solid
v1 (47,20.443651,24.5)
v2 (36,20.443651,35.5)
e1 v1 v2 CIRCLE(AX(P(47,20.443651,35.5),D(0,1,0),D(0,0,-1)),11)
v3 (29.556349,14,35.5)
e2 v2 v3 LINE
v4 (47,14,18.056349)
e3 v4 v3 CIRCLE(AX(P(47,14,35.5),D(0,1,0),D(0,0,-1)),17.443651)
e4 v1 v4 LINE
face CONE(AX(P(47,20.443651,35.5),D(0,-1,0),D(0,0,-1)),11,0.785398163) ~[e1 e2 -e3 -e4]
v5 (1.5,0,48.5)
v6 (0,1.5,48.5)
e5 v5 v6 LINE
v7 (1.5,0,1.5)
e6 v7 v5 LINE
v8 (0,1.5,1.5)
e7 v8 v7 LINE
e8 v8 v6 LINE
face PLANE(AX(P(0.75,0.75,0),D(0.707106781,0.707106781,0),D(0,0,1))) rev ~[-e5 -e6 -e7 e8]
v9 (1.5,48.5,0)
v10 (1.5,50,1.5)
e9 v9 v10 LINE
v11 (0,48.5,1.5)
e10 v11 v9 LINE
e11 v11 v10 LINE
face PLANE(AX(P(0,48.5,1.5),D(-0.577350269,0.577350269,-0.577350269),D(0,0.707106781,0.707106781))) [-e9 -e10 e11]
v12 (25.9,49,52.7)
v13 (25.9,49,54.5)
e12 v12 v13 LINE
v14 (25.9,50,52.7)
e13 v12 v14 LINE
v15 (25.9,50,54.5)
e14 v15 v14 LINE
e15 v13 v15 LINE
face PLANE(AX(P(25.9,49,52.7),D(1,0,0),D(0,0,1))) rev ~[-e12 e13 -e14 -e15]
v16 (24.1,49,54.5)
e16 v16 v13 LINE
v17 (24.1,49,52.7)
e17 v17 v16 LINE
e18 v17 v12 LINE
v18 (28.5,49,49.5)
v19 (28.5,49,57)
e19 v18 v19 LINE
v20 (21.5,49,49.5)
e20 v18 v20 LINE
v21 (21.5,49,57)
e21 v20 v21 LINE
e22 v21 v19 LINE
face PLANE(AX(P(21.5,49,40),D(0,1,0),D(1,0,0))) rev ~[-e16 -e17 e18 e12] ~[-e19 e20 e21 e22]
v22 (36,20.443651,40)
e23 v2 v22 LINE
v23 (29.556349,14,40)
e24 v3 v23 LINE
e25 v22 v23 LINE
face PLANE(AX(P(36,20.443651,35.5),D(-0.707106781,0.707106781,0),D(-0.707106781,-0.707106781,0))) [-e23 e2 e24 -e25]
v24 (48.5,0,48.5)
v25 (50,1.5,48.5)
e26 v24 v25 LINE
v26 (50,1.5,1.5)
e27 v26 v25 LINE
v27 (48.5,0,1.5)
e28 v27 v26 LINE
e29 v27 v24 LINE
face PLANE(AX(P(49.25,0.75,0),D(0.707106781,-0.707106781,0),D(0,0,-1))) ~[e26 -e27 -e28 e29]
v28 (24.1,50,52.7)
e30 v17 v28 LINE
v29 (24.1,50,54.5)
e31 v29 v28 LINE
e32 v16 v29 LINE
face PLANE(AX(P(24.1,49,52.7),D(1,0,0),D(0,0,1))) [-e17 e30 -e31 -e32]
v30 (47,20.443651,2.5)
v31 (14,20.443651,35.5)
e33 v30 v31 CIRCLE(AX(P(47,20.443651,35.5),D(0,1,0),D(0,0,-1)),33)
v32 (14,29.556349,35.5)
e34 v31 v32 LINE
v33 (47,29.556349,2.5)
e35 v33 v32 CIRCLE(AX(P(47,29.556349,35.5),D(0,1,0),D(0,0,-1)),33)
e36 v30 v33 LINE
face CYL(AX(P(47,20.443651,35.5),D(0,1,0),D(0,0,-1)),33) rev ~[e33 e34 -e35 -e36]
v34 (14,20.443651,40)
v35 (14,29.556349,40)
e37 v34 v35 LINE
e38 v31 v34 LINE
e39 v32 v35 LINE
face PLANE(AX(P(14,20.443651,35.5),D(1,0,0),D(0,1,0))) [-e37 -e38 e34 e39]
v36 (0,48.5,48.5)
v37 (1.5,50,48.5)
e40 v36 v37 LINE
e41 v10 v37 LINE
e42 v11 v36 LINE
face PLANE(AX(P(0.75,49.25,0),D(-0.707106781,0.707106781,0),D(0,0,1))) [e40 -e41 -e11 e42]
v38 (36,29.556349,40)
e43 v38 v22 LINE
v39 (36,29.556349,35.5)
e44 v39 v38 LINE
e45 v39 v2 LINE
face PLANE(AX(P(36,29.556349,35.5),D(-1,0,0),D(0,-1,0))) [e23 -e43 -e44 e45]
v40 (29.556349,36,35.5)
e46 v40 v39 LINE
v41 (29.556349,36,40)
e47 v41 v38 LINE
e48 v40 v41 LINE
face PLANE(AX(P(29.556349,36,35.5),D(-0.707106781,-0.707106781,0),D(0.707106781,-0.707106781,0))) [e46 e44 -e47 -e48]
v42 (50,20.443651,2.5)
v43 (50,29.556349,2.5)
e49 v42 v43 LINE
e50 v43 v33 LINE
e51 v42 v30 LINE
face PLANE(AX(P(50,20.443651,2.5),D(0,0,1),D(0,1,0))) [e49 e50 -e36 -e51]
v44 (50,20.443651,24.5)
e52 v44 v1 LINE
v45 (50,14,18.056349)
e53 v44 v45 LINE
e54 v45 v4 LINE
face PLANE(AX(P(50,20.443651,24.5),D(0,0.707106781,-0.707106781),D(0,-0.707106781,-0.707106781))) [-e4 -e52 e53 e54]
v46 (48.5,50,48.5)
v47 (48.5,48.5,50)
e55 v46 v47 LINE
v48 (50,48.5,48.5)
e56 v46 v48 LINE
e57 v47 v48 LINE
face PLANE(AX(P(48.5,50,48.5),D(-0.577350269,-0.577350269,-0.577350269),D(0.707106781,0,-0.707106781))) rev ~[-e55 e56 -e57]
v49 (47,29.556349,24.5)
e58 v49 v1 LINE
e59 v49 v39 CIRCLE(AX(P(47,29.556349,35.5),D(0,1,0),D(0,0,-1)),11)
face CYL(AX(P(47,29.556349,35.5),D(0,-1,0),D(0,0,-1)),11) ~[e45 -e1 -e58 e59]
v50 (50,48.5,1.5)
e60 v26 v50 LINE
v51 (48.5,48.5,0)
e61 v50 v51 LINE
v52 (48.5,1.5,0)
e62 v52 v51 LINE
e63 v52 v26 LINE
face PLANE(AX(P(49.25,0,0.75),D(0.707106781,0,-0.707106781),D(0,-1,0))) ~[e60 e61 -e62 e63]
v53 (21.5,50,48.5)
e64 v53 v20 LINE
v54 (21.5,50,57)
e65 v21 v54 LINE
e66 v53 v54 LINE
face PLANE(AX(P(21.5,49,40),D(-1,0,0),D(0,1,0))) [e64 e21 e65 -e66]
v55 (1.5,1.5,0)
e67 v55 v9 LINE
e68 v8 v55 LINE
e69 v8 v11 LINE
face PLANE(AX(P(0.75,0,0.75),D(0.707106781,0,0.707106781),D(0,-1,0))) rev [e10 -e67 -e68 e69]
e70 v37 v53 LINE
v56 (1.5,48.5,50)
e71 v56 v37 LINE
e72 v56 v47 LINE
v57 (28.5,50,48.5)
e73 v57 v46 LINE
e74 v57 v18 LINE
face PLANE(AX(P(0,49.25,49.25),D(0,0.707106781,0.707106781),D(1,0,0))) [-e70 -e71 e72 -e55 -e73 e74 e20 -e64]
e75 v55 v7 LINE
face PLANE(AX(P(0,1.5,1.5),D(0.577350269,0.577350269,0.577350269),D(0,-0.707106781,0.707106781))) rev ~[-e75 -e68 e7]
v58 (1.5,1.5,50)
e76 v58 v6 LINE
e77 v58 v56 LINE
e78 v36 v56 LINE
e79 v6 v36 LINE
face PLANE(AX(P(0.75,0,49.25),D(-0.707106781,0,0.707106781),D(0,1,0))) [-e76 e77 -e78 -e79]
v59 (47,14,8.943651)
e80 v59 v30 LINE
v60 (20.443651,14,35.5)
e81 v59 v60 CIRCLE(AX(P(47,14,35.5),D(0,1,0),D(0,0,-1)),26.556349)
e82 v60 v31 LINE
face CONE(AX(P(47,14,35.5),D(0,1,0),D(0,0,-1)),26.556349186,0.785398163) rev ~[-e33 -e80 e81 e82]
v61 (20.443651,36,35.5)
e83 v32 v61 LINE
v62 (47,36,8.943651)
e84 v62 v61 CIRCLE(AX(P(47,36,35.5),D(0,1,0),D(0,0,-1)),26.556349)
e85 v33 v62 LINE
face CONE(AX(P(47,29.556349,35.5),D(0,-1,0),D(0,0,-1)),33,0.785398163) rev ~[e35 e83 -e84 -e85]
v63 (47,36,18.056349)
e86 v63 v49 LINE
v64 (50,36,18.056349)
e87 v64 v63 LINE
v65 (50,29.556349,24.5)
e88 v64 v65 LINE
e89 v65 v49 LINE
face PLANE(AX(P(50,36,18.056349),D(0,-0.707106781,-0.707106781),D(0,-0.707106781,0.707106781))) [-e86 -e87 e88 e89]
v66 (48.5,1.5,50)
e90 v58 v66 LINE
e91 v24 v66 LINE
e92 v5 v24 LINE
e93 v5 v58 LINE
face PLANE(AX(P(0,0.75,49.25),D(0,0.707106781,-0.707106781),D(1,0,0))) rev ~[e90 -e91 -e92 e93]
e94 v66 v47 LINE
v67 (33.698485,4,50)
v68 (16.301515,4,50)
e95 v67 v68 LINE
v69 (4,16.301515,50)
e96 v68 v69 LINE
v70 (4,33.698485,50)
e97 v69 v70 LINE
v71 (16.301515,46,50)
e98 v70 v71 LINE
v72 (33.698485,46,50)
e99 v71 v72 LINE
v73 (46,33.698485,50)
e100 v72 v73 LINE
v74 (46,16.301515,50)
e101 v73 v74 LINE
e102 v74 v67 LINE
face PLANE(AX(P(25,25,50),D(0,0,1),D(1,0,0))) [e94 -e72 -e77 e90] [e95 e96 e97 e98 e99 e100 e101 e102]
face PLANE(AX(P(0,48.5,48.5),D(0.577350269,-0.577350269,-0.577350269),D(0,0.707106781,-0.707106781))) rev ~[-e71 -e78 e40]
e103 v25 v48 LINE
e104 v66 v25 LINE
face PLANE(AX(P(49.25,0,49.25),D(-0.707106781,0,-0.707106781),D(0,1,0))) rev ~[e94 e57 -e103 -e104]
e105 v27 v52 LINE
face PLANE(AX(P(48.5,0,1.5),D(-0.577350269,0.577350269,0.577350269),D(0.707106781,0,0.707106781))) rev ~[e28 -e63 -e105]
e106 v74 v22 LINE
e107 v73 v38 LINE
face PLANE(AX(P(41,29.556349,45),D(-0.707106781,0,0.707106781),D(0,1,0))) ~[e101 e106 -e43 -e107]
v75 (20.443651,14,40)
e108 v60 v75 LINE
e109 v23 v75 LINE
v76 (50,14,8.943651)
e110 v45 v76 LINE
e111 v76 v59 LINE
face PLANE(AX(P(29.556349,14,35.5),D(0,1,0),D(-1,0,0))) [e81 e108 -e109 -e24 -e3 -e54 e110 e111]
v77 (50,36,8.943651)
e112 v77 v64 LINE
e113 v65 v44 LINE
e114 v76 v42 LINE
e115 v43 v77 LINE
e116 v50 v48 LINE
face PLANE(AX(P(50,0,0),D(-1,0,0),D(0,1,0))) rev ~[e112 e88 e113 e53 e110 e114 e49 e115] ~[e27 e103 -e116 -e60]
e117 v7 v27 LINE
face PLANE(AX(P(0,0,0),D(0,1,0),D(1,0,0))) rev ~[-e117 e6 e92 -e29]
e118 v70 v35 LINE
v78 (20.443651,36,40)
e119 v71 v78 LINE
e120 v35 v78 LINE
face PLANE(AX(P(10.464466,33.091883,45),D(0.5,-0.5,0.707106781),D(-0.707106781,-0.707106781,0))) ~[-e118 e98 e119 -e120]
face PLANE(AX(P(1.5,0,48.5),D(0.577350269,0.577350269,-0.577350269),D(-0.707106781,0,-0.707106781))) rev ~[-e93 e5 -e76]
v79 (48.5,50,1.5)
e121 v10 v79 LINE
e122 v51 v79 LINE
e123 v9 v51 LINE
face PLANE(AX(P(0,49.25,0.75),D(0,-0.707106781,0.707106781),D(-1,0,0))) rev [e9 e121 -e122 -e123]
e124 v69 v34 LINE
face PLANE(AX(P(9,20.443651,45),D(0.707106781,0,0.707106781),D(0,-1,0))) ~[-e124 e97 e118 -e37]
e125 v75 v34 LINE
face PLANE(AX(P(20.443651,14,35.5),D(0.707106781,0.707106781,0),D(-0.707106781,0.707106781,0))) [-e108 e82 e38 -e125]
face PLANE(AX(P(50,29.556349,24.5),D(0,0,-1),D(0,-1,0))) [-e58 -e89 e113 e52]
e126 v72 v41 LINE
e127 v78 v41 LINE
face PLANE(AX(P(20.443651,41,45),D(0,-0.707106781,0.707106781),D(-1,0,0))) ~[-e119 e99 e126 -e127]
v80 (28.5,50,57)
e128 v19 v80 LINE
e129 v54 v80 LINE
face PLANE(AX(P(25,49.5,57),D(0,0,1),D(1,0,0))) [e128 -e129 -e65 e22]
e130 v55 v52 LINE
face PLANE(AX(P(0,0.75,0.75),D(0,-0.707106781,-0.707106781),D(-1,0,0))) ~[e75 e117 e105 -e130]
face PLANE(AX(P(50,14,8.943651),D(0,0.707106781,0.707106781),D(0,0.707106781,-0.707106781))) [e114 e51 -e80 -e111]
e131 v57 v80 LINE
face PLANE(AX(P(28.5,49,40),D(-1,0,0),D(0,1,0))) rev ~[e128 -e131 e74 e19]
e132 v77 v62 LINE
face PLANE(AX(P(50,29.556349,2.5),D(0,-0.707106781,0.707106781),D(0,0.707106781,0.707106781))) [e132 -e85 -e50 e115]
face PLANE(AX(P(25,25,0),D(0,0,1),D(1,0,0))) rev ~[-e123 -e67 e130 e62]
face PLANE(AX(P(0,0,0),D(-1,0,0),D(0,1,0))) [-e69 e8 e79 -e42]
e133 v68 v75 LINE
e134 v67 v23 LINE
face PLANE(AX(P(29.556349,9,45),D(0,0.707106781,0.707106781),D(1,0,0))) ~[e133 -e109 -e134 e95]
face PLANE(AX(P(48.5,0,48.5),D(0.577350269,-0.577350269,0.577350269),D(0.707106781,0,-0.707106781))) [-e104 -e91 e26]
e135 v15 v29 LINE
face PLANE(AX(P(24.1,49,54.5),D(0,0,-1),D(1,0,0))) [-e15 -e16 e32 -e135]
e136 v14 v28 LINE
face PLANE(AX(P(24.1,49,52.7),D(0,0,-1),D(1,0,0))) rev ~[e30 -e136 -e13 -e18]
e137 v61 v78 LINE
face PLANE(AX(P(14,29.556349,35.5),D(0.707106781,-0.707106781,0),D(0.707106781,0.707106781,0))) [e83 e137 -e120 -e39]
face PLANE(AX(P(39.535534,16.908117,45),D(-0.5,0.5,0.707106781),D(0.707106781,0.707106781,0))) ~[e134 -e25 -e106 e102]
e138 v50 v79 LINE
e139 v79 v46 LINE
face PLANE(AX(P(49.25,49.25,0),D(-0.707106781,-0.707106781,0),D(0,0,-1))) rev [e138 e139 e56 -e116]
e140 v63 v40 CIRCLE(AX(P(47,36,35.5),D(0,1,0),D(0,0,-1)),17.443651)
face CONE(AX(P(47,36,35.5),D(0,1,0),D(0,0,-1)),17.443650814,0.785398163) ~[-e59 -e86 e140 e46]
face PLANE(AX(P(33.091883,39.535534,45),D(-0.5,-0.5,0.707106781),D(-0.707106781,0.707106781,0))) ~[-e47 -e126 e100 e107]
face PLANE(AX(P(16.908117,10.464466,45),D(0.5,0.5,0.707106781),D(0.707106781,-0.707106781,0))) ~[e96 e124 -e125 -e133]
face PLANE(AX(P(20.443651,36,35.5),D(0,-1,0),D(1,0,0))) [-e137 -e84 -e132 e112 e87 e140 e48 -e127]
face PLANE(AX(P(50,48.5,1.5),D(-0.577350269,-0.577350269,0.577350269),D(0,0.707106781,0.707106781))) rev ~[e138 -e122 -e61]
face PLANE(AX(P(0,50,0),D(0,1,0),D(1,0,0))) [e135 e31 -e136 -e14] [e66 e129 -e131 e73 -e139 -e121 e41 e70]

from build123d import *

# Parameters (mm, degrees)
SKETCH1_W                = 50
SKETCH1_H                = 50
BOSS_EXTRUDE1_DEPTH      = 50
CHAMFER1_SIZE            = 10
CHAMFER2_SIZE            = 1.5
BOSS_EXTRUDE2_DEPTH      = 7
BOSS_EXTRUDE2_DEPTH_BACK = 10
SKETCH10_W               = 7
SKETCH10_H               = 1
SKETCH11_W               = 1.8
SKETCH11_H               = 1.8
CUT_EXTRUDE1_DEPTH       = 7


with BuildPart() as part:
    # Sketch1 → Boss-Extrude1 (new body)
    with BuildSketch(Plane.XY):
        with Locations((25, 25)):
            Rectangle(SKETCH1_W, SKETCH1_H)
    extrude(amount=BOSS_EXTRUDE1_DEPTH)

    # Cut-Sweep5: sweep along a path in Sketch9
    with BuildLine(Plane(origin=(0, 25, 0), x_dir=(-1, 0, 0), z_dir=(0, -1, 0))) as cut_sweep5_path:
        Line((-50, -13.5), (-47, -13.5))
        ThreePointArc((-47, -13.5), (-31.443650814, -19.943650814), (-25, -35.5))
        Line((-25, -35.5), (-25, -50))
    # Sketch8 → Cut-Sweep5 (sweep, cut)
    with BuildSketch(Plane(origin=(50, 0, 0), x_dir=(0, 0, -1), z_dir=(1, 0, 0))):
        Polygon((-2.5, 29.556349186), (-8.943650814, 36), (-18.056349186, 36), (-24.5, 29.556349186), (-24.5, 20.443650814), (-18.056349186, 14), (-8.943650814, 14), (-2.5, 20.443650814), align=None)
    sweep(path=cut_sweep5_path.line, mode=Mode.SUBTRACT)

    # Chamfer1
    chamfer1_edges = [part.edges().sort_by_distance(p)[0] for p in [
        (17.221825407, 17.221825407, 50),
        (32.778174593, 17.221825407, 50),
        (36, 25, 50),
        (32.778174593, 32.778174593, 50),
        (17.221825407, 32.778174593, 50),
        (14, 25, 50),
        (25, 14, 50),
        (25, 36, 50),
    ]]
    chamfer(chamfer1_edges, length=CHAMFER1_SIZE)

    # Chamfer2
    chamfer2_edges = [part.edges().sort_by_distance(p)[0] for p in [
        (50, 25, 50),
        (25, 50, 50),
        (0, 25, 50),
        (25, 50, 0),
        (50, 25, 0),
        (25, 0, 0),
        (0, 25, 0),
        (25, 0, 50),
        (0, 50, 25),
        (50, 50, 25),
        (50, 0, 25),
        (0, 0, 25),
    ]]
    chamfer(chamfer2_edges, length=CHAMFER2_SIZE)

    # Sketch10 → Boss-Extrude2 (add, two sides: drawn at the far end of the back side and taken through both)
    with BuildSketch(Plane.XY.offset(50).offset(-BOSS_EXTRUDE2_DEPTH_BACK)):
        with Locations((25, 49.5)):
            Rectangle(SKETCH10_W, SKETCH10_H)
    extrude(amount=BOSS_EXTRUDE2_DEPTH + BOSS_EXTRUDE2_DEPTH_BACK)

    # Sketch11 → Cut-Extrude1 (cut)
    with BuildSketch(Plane.XZ.offset(-49)):
        with Locations((25, 53.6)):
            Rectangle(SKETCH11_W, SKETCH11_H)
    extrude(amount=-CUT_EXTRUDE1_DEPTH, mode=Mode.SUBTRACT)


solid = part.part
